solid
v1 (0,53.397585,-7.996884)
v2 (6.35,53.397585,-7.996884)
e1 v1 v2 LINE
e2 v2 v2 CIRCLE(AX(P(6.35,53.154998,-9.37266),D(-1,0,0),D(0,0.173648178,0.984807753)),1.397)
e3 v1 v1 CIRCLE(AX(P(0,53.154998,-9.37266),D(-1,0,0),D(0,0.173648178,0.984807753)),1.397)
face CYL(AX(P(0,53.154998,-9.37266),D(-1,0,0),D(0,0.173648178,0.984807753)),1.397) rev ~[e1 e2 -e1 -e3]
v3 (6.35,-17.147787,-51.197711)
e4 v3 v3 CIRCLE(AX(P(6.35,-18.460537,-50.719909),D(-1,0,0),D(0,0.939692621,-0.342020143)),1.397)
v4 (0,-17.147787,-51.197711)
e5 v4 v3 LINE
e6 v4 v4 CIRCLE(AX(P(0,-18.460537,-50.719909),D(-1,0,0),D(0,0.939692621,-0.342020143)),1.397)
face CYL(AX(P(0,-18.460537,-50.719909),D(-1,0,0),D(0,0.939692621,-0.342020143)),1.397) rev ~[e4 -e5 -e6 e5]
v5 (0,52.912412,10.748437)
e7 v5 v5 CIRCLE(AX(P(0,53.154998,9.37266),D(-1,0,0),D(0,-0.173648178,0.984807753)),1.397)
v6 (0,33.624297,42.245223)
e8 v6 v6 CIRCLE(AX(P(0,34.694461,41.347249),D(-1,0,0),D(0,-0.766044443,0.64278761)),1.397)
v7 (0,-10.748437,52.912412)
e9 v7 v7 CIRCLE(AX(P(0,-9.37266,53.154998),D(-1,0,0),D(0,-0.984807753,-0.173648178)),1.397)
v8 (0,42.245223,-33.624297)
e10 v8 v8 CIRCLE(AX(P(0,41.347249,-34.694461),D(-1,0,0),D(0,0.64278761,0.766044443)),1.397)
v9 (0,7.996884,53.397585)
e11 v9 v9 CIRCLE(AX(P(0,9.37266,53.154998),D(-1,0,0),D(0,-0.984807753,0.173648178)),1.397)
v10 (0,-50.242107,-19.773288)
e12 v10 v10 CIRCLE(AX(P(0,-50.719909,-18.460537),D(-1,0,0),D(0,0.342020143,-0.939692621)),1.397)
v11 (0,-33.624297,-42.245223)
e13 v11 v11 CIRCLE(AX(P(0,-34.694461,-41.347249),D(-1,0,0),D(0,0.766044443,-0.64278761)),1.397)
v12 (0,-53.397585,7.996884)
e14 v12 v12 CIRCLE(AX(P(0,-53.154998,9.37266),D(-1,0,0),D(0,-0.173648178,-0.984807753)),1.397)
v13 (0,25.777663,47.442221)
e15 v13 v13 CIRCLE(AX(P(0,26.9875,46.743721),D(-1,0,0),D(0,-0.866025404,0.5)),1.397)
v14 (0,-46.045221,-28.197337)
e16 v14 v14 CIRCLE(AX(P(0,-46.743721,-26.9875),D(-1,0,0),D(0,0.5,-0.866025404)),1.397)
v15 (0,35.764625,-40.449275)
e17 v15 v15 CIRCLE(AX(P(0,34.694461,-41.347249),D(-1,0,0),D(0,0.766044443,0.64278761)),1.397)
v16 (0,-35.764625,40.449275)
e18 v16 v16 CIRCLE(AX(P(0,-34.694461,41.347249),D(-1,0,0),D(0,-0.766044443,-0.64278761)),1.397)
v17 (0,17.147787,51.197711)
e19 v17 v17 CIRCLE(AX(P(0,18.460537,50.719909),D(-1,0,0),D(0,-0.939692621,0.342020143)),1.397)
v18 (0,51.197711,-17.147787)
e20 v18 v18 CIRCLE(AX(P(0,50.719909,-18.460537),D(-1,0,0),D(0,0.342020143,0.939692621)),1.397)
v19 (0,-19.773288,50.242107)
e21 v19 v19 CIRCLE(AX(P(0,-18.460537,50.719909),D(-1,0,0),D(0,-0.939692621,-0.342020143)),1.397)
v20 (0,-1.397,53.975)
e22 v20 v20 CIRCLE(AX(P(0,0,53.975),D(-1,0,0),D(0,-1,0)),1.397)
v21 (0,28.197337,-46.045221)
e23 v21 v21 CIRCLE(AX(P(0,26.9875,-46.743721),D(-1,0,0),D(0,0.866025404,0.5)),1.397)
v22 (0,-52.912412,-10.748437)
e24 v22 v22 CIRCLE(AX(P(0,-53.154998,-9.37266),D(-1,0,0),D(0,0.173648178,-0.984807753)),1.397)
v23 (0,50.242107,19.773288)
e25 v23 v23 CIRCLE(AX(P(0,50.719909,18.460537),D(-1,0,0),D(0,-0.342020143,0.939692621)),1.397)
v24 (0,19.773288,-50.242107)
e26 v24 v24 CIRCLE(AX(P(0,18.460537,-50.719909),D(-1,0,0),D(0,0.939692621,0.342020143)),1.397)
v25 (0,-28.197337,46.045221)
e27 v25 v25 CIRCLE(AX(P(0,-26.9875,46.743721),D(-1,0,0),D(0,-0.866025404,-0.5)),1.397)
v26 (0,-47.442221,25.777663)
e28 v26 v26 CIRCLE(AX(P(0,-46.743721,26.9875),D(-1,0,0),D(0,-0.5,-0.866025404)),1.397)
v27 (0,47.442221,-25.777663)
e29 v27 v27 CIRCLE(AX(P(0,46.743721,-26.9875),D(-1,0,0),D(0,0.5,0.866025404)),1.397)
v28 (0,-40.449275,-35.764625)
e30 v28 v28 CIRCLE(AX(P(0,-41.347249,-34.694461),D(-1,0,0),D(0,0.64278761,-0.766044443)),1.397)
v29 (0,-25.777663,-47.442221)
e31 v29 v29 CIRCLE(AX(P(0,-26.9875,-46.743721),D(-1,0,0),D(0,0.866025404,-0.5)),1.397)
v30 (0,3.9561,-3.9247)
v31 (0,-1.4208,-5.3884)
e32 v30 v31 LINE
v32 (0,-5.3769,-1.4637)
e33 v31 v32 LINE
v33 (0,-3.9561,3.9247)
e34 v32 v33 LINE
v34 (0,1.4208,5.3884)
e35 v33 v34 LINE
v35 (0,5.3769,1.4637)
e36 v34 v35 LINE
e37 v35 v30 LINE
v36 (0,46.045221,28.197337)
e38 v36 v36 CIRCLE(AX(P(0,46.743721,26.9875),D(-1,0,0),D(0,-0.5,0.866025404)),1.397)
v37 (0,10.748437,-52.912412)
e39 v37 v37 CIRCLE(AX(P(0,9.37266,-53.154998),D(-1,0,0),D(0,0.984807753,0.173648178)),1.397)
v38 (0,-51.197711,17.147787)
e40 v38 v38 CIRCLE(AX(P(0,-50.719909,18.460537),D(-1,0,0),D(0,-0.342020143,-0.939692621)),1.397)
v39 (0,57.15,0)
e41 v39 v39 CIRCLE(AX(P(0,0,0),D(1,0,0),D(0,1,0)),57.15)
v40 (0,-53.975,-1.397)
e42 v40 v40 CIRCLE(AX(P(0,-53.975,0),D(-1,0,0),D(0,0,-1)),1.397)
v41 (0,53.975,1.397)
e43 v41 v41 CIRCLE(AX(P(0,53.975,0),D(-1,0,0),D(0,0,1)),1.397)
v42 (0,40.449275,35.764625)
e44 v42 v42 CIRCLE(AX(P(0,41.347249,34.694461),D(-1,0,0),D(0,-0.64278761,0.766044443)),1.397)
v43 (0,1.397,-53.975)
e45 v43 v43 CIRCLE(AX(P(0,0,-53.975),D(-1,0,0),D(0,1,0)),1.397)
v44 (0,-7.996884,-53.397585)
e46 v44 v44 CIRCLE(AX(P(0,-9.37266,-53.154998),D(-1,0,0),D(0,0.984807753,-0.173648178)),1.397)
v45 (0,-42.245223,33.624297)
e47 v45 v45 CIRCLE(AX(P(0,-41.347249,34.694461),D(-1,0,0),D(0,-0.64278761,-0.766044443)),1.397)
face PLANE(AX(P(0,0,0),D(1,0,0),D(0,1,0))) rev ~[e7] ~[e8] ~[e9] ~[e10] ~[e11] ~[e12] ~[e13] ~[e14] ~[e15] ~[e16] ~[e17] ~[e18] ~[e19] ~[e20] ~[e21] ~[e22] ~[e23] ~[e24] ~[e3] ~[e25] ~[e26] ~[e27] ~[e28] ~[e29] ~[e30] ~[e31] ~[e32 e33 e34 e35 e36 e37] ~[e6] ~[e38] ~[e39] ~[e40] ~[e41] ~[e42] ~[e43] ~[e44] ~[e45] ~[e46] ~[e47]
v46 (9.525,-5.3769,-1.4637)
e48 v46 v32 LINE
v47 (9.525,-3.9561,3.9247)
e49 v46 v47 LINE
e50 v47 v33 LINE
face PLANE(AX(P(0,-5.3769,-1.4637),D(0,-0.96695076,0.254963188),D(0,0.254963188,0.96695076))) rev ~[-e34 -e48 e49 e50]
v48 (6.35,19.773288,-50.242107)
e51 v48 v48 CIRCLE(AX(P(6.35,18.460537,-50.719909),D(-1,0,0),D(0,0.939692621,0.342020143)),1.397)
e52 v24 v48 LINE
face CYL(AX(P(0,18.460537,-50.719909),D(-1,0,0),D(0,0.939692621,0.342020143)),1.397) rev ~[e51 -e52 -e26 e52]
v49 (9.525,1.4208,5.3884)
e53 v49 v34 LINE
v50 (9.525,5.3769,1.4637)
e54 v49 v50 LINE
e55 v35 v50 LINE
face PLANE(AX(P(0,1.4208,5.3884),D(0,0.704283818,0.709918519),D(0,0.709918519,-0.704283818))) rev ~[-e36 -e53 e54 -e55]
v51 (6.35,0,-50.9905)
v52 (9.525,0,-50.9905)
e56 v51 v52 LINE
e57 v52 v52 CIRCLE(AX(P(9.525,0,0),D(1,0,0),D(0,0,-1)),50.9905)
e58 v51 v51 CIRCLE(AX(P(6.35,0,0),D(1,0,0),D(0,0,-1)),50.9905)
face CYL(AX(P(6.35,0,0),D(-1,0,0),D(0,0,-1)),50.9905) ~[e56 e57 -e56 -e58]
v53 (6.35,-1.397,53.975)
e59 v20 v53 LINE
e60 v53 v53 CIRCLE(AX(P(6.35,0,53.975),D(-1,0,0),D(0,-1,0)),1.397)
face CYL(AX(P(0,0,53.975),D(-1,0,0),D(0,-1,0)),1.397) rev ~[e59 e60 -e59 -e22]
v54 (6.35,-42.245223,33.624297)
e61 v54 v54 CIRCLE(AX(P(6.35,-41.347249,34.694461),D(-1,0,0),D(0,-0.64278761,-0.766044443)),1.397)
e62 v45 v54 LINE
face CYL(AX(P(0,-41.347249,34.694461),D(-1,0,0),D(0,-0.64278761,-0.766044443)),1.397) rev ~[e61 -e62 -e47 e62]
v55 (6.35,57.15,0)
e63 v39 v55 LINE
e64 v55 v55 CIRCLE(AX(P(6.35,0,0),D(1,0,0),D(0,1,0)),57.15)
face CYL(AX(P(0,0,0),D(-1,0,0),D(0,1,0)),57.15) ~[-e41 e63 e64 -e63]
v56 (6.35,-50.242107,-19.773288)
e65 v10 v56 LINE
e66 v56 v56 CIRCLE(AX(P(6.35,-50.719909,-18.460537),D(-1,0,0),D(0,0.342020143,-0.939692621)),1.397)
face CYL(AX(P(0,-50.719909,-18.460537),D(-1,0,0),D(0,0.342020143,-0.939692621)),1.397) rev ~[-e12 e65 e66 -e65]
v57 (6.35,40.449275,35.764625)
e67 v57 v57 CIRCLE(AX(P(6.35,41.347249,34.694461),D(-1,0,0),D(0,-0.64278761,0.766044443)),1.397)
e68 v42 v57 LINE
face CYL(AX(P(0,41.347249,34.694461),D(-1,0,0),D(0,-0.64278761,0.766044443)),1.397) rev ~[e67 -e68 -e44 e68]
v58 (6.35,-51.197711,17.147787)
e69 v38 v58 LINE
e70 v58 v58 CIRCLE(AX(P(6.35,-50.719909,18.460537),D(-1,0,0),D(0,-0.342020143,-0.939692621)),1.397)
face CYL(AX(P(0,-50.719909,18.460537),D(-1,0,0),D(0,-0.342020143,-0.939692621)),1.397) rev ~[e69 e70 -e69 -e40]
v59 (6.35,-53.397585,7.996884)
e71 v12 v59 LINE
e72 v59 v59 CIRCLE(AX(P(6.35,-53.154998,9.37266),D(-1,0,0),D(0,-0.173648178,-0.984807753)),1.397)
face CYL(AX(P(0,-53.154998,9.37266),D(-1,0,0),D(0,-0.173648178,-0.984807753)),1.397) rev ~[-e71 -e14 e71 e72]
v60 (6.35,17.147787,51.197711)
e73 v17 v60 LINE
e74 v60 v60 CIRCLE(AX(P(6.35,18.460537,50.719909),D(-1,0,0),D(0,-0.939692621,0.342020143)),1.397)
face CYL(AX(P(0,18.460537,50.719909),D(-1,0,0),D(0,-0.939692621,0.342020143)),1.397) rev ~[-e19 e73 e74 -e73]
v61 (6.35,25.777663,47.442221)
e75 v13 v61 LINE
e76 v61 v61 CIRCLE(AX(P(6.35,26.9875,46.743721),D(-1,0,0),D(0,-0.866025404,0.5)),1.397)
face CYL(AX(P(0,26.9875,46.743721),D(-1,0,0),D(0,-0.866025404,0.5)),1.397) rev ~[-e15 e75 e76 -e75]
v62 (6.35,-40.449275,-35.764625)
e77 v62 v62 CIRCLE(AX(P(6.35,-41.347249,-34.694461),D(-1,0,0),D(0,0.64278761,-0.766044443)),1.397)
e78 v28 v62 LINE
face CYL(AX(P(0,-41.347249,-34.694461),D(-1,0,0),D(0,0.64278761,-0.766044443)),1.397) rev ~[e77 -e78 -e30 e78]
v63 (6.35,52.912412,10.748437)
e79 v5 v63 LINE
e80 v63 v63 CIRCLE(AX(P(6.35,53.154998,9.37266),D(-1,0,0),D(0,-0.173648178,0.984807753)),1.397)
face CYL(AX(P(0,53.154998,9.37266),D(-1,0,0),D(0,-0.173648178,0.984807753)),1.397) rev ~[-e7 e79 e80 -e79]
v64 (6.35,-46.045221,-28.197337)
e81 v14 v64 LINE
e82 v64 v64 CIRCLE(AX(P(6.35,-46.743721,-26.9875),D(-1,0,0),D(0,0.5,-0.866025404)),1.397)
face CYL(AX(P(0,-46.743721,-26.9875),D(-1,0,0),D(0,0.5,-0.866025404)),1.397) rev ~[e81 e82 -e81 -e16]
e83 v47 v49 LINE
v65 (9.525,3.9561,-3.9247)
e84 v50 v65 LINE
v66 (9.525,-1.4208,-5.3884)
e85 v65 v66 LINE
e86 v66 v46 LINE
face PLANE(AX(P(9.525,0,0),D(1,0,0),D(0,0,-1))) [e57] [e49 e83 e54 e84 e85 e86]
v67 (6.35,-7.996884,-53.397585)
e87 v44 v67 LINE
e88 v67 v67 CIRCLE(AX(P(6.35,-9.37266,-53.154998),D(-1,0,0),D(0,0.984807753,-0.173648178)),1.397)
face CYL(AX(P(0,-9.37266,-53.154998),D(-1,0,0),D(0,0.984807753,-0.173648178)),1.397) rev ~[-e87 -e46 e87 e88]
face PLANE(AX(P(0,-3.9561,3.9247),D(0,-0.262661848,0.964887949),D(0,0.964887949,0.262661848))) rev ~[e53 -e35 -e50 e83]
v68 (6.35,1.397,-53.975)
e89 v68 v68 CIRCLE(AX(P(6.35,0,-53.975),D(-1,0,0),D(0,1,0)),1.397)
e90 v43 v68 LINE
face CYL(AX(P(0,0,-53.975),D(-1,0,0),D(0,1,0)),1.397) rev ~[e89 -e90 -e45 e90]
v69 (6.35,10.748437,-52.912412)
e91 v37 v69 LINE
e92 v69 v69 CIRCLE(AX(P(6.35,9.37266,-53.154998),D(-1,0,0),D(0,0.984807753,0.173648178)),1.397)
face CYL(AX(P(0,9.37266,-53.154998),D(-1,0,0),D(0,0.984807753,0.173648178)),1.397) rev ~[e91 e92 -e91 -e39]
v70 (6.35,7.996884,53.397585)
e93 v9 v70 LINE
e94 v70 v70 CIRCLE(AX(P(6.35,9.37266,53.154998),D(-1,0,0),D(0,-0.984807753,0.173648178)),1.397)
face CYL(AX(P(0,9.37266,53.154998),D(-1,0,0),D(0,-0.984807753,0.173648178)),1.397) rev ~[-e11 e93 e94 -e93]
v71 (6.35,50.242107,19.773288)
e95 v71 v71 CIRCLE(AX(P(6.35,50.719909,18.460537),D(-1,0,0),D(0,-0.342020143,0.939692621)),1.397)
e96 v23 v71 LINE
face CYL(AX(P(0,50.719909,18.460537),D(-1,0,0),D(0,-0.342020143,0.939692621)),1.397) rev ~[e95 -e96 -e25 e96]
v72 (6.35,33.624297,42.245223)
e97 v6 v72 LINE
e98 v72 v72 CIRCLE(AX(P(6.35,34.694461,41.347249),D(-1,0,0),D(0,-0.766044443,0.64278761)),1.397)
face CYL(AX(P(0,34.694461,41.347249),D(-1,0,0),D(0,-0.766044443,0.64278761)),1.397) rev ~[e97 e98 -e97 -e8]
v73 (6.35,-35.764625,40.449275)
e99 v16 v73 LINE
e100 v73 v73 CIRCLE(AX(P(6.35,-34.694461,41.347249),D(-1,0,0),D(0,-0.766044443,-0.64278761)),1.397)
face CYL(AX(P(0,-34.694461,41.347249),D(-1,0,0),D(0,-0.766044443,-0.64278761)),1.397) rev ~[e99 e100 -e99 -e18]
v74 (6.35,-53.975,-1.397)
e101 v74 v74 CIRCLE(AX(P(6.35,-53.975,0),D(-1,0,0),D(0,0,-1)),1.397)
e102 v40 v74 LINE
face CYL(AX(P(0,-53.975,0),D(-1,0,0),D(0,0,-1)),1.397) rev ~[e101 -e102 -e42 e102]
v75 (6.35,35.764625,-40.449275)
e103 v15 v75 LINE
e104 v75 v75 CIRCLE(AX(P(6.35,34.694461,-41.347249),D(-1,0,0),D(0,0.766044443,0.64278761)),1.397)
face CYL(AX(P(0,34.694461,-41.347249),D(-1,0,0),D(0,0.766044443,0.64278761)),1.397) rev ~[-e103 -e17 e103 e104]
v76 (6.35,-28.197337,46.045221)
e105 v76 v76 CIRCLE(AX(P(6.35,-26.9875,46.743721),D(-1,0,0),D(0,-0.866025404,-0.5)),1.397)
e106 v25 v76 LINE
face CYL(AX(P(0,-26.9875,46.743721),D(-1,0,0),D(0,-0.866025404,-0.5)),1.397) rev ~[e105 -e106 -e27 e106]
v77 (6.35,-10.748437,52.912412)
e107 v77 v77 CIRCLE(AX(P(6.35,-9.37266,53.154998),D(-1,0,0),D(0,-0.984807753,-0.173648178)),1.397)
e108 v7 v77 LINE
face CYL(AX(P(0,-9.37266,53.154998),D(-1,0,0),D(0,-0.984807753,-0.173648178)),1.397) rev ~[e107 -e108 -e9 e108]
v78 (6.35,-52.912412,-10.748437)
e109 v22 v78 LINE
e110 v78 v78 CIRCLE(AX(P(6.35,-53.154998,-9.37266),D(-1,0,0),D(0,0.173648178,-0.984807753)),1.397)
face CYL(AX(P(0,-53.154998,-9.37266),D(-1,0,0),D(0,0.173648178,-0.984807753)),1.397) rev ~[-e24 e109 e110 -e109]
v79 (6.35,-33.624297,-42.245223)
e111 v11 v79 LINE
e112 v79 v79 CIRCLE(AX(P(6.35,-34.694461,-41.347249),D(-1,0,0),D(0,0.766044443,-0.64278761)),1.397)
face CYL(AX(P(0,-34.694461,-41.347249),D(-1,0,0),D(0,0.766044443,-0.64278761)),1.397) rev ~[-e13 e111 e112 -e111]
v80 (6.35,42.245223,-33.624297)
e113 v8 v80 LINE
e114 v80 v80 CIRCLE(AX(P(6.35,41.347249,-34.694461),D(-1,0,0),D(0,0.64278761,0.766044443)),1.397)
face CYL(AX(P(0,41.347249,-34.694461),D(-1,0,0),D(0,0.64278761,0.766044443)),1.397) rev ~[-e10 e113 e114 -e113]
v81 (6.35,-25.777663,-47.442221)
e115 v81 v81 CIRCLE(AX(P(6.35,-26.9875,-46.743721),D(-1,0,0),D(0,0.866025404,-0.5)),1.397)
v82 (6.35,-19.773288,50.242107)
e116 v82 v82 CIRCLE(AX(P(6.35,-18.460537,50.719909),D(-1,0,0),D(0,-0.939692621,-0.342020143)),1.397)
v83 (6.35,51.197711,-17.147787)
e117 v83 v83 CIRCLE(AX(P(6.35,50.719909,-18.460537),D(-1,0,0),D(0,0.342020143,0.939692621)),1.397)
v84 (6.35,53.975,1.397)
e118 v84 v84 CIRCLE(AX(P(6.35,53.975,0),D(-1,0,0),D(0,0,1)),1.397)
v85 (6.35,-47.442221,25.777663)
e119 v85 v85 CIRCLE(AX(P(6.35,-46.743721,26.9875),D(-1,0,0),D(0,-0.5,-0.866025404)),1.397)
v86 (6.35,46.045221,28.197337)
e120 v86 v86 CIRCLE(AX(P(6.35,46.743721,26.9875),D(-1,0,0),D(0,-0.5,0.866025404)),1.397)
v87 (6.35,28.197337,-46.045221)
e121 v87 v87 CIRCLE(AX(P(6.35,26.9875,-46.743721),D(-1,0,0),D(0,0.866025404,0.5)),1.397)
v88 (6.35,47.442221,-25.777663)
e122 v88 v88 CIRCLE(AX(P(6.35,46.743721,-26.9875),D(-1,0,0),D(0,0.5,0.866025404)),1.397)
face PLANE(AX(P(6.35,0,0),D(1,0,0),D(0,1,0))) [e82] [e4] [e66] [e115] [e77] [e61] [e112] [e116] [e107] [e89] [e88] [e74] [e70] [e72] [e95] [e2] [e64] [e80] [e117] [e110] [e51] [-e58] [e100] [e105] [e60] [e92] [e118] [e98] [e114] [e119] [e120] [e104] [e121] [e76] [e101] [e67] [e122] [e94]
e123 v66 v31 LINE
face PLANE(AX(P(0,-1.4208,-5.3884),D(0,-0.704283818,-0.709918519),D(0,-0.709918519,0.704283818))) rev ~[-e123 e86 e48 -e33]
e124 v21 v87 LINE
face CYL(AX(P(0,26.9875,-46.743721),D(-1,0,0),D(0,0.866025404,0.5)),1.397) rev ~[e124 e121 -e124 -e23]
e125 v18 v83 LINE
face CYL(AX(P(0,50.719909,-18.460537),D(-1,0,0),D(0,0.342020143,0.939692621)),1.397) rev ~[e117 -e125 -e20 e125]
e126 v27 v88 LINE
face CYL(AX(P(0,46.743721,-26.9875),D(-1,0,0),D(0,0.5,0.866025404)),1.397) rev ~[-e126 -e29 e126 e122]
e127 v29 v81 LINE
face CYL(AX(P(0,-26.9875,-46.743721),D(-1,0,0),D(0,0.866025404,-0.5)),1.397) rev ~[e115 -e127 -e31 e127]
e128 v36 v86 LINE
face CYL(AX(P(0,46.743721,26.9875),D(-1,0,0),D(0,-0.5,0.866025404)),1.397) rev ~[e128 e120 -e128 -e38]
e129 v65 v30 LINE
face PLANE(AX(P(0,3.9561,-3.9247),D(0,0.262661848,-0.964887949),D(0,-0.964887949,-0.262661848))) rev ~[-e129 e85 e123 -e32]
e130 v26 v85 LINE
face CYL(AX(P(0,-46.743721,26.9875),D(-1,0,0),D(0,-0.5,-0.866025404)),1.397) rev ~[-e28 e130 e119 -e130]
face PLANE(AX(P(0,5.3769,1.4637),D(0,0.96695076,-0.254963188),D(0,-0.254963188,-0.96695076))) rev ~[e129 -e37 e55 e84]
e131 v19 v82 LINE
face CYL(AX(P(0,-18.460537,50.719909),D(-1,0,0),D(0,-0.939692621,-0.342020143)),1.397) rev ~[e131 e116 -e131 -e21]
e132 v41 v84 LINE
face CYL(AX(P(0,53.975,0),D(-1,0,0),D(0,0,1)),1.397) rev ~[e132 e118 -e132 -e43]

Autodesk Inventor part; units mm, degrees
ref_plane "YZ Plane" through (0, 0, 0) normal (1, 0, 0) x (0, 1, 0)
ref_plane "XZ Plane" through (0, 0, 0) normal (0, 1, 0) x (-1, 0, 0)
ref_plane "XY Plane" through (0, 0, 0) normal (0, 0, 1) x (1, 0, 0)
sketch "Sketch1" plane through (0, 0, 0) normal (1, 0, 0) x (0, 1, 0)
  circle A0 centre (0, 0) radius 57.15
  line L0 (5.3769, 1.4637) -> (3.9561, -3.9247)
  line L1 (3.9561, -3.9247) -> (-1.4208, -5.3884)
  line L2 (-1.4208, -5.3884) -> (-5.3769, -1.4637)
  line L3 (-5.3769, -1.4637) -> (-3.9561, 3.9247)
  line L4 (-3.9561, 3.9247) -> (1.4208, 5.3884)
  line L5 (1.4208, 5.3884) -> (5.3769, 1.4637)
  dimension "d0" = 114.3
  dimension "d1" = 9.652
extrude "Extrusion1" add sketch "Sketch1" along normal blind 6.35
sketch "Sketch2" plane through (6.35, 0, 0) normal (1, 0, 0) x (0, 0, -1)
  circle A0 centre (0, 0) radius 50.9905
  line L0 (3.9247, 3.9561) -> (5.3884, -1.4208) projected
  line L1 (5.3884, -1.4208) -> (1.4637, -5.3769) projected
  line L2 (1.4637, -5.3769) -> (-3.9247, -3.9561) projected
  line L3 (-3.9247, -3.9561) -> (-5.3884, 1.4208) projected
  line L4 (-5.3884, 1.4208) -> (-1.4637, 5.3769) projected
  line L5 (-1.4637, 5.3769) -> (3.9247, 3.9561) projected
  circle A1 centre (0, 0) radius 57.15 projected
  dimension "d4" = 101.981
extrude "Extrusion2" add sketch "Sketch2" along normal blind 3.175 contours A0
sketch "Sketch3" plane through (0, 0, 0) normal (-1, 0, 0) x (0, 0, 1)
  circle A0 centre (0, 53.975) radius 1.397
  point P0 (0, 0)
  dimension "d7" = 2.794
  dimension "d8" = 53.975
extrude "Extrusion3" cut sketch "Sketch3" against normal blind 6.35
pattern_circular "Circular Pattern1" count 36 over 360 about axis through (-10, 0, 0) along (1, 0, 0) of "Extrusion3"
properties part number "wheel hub"
